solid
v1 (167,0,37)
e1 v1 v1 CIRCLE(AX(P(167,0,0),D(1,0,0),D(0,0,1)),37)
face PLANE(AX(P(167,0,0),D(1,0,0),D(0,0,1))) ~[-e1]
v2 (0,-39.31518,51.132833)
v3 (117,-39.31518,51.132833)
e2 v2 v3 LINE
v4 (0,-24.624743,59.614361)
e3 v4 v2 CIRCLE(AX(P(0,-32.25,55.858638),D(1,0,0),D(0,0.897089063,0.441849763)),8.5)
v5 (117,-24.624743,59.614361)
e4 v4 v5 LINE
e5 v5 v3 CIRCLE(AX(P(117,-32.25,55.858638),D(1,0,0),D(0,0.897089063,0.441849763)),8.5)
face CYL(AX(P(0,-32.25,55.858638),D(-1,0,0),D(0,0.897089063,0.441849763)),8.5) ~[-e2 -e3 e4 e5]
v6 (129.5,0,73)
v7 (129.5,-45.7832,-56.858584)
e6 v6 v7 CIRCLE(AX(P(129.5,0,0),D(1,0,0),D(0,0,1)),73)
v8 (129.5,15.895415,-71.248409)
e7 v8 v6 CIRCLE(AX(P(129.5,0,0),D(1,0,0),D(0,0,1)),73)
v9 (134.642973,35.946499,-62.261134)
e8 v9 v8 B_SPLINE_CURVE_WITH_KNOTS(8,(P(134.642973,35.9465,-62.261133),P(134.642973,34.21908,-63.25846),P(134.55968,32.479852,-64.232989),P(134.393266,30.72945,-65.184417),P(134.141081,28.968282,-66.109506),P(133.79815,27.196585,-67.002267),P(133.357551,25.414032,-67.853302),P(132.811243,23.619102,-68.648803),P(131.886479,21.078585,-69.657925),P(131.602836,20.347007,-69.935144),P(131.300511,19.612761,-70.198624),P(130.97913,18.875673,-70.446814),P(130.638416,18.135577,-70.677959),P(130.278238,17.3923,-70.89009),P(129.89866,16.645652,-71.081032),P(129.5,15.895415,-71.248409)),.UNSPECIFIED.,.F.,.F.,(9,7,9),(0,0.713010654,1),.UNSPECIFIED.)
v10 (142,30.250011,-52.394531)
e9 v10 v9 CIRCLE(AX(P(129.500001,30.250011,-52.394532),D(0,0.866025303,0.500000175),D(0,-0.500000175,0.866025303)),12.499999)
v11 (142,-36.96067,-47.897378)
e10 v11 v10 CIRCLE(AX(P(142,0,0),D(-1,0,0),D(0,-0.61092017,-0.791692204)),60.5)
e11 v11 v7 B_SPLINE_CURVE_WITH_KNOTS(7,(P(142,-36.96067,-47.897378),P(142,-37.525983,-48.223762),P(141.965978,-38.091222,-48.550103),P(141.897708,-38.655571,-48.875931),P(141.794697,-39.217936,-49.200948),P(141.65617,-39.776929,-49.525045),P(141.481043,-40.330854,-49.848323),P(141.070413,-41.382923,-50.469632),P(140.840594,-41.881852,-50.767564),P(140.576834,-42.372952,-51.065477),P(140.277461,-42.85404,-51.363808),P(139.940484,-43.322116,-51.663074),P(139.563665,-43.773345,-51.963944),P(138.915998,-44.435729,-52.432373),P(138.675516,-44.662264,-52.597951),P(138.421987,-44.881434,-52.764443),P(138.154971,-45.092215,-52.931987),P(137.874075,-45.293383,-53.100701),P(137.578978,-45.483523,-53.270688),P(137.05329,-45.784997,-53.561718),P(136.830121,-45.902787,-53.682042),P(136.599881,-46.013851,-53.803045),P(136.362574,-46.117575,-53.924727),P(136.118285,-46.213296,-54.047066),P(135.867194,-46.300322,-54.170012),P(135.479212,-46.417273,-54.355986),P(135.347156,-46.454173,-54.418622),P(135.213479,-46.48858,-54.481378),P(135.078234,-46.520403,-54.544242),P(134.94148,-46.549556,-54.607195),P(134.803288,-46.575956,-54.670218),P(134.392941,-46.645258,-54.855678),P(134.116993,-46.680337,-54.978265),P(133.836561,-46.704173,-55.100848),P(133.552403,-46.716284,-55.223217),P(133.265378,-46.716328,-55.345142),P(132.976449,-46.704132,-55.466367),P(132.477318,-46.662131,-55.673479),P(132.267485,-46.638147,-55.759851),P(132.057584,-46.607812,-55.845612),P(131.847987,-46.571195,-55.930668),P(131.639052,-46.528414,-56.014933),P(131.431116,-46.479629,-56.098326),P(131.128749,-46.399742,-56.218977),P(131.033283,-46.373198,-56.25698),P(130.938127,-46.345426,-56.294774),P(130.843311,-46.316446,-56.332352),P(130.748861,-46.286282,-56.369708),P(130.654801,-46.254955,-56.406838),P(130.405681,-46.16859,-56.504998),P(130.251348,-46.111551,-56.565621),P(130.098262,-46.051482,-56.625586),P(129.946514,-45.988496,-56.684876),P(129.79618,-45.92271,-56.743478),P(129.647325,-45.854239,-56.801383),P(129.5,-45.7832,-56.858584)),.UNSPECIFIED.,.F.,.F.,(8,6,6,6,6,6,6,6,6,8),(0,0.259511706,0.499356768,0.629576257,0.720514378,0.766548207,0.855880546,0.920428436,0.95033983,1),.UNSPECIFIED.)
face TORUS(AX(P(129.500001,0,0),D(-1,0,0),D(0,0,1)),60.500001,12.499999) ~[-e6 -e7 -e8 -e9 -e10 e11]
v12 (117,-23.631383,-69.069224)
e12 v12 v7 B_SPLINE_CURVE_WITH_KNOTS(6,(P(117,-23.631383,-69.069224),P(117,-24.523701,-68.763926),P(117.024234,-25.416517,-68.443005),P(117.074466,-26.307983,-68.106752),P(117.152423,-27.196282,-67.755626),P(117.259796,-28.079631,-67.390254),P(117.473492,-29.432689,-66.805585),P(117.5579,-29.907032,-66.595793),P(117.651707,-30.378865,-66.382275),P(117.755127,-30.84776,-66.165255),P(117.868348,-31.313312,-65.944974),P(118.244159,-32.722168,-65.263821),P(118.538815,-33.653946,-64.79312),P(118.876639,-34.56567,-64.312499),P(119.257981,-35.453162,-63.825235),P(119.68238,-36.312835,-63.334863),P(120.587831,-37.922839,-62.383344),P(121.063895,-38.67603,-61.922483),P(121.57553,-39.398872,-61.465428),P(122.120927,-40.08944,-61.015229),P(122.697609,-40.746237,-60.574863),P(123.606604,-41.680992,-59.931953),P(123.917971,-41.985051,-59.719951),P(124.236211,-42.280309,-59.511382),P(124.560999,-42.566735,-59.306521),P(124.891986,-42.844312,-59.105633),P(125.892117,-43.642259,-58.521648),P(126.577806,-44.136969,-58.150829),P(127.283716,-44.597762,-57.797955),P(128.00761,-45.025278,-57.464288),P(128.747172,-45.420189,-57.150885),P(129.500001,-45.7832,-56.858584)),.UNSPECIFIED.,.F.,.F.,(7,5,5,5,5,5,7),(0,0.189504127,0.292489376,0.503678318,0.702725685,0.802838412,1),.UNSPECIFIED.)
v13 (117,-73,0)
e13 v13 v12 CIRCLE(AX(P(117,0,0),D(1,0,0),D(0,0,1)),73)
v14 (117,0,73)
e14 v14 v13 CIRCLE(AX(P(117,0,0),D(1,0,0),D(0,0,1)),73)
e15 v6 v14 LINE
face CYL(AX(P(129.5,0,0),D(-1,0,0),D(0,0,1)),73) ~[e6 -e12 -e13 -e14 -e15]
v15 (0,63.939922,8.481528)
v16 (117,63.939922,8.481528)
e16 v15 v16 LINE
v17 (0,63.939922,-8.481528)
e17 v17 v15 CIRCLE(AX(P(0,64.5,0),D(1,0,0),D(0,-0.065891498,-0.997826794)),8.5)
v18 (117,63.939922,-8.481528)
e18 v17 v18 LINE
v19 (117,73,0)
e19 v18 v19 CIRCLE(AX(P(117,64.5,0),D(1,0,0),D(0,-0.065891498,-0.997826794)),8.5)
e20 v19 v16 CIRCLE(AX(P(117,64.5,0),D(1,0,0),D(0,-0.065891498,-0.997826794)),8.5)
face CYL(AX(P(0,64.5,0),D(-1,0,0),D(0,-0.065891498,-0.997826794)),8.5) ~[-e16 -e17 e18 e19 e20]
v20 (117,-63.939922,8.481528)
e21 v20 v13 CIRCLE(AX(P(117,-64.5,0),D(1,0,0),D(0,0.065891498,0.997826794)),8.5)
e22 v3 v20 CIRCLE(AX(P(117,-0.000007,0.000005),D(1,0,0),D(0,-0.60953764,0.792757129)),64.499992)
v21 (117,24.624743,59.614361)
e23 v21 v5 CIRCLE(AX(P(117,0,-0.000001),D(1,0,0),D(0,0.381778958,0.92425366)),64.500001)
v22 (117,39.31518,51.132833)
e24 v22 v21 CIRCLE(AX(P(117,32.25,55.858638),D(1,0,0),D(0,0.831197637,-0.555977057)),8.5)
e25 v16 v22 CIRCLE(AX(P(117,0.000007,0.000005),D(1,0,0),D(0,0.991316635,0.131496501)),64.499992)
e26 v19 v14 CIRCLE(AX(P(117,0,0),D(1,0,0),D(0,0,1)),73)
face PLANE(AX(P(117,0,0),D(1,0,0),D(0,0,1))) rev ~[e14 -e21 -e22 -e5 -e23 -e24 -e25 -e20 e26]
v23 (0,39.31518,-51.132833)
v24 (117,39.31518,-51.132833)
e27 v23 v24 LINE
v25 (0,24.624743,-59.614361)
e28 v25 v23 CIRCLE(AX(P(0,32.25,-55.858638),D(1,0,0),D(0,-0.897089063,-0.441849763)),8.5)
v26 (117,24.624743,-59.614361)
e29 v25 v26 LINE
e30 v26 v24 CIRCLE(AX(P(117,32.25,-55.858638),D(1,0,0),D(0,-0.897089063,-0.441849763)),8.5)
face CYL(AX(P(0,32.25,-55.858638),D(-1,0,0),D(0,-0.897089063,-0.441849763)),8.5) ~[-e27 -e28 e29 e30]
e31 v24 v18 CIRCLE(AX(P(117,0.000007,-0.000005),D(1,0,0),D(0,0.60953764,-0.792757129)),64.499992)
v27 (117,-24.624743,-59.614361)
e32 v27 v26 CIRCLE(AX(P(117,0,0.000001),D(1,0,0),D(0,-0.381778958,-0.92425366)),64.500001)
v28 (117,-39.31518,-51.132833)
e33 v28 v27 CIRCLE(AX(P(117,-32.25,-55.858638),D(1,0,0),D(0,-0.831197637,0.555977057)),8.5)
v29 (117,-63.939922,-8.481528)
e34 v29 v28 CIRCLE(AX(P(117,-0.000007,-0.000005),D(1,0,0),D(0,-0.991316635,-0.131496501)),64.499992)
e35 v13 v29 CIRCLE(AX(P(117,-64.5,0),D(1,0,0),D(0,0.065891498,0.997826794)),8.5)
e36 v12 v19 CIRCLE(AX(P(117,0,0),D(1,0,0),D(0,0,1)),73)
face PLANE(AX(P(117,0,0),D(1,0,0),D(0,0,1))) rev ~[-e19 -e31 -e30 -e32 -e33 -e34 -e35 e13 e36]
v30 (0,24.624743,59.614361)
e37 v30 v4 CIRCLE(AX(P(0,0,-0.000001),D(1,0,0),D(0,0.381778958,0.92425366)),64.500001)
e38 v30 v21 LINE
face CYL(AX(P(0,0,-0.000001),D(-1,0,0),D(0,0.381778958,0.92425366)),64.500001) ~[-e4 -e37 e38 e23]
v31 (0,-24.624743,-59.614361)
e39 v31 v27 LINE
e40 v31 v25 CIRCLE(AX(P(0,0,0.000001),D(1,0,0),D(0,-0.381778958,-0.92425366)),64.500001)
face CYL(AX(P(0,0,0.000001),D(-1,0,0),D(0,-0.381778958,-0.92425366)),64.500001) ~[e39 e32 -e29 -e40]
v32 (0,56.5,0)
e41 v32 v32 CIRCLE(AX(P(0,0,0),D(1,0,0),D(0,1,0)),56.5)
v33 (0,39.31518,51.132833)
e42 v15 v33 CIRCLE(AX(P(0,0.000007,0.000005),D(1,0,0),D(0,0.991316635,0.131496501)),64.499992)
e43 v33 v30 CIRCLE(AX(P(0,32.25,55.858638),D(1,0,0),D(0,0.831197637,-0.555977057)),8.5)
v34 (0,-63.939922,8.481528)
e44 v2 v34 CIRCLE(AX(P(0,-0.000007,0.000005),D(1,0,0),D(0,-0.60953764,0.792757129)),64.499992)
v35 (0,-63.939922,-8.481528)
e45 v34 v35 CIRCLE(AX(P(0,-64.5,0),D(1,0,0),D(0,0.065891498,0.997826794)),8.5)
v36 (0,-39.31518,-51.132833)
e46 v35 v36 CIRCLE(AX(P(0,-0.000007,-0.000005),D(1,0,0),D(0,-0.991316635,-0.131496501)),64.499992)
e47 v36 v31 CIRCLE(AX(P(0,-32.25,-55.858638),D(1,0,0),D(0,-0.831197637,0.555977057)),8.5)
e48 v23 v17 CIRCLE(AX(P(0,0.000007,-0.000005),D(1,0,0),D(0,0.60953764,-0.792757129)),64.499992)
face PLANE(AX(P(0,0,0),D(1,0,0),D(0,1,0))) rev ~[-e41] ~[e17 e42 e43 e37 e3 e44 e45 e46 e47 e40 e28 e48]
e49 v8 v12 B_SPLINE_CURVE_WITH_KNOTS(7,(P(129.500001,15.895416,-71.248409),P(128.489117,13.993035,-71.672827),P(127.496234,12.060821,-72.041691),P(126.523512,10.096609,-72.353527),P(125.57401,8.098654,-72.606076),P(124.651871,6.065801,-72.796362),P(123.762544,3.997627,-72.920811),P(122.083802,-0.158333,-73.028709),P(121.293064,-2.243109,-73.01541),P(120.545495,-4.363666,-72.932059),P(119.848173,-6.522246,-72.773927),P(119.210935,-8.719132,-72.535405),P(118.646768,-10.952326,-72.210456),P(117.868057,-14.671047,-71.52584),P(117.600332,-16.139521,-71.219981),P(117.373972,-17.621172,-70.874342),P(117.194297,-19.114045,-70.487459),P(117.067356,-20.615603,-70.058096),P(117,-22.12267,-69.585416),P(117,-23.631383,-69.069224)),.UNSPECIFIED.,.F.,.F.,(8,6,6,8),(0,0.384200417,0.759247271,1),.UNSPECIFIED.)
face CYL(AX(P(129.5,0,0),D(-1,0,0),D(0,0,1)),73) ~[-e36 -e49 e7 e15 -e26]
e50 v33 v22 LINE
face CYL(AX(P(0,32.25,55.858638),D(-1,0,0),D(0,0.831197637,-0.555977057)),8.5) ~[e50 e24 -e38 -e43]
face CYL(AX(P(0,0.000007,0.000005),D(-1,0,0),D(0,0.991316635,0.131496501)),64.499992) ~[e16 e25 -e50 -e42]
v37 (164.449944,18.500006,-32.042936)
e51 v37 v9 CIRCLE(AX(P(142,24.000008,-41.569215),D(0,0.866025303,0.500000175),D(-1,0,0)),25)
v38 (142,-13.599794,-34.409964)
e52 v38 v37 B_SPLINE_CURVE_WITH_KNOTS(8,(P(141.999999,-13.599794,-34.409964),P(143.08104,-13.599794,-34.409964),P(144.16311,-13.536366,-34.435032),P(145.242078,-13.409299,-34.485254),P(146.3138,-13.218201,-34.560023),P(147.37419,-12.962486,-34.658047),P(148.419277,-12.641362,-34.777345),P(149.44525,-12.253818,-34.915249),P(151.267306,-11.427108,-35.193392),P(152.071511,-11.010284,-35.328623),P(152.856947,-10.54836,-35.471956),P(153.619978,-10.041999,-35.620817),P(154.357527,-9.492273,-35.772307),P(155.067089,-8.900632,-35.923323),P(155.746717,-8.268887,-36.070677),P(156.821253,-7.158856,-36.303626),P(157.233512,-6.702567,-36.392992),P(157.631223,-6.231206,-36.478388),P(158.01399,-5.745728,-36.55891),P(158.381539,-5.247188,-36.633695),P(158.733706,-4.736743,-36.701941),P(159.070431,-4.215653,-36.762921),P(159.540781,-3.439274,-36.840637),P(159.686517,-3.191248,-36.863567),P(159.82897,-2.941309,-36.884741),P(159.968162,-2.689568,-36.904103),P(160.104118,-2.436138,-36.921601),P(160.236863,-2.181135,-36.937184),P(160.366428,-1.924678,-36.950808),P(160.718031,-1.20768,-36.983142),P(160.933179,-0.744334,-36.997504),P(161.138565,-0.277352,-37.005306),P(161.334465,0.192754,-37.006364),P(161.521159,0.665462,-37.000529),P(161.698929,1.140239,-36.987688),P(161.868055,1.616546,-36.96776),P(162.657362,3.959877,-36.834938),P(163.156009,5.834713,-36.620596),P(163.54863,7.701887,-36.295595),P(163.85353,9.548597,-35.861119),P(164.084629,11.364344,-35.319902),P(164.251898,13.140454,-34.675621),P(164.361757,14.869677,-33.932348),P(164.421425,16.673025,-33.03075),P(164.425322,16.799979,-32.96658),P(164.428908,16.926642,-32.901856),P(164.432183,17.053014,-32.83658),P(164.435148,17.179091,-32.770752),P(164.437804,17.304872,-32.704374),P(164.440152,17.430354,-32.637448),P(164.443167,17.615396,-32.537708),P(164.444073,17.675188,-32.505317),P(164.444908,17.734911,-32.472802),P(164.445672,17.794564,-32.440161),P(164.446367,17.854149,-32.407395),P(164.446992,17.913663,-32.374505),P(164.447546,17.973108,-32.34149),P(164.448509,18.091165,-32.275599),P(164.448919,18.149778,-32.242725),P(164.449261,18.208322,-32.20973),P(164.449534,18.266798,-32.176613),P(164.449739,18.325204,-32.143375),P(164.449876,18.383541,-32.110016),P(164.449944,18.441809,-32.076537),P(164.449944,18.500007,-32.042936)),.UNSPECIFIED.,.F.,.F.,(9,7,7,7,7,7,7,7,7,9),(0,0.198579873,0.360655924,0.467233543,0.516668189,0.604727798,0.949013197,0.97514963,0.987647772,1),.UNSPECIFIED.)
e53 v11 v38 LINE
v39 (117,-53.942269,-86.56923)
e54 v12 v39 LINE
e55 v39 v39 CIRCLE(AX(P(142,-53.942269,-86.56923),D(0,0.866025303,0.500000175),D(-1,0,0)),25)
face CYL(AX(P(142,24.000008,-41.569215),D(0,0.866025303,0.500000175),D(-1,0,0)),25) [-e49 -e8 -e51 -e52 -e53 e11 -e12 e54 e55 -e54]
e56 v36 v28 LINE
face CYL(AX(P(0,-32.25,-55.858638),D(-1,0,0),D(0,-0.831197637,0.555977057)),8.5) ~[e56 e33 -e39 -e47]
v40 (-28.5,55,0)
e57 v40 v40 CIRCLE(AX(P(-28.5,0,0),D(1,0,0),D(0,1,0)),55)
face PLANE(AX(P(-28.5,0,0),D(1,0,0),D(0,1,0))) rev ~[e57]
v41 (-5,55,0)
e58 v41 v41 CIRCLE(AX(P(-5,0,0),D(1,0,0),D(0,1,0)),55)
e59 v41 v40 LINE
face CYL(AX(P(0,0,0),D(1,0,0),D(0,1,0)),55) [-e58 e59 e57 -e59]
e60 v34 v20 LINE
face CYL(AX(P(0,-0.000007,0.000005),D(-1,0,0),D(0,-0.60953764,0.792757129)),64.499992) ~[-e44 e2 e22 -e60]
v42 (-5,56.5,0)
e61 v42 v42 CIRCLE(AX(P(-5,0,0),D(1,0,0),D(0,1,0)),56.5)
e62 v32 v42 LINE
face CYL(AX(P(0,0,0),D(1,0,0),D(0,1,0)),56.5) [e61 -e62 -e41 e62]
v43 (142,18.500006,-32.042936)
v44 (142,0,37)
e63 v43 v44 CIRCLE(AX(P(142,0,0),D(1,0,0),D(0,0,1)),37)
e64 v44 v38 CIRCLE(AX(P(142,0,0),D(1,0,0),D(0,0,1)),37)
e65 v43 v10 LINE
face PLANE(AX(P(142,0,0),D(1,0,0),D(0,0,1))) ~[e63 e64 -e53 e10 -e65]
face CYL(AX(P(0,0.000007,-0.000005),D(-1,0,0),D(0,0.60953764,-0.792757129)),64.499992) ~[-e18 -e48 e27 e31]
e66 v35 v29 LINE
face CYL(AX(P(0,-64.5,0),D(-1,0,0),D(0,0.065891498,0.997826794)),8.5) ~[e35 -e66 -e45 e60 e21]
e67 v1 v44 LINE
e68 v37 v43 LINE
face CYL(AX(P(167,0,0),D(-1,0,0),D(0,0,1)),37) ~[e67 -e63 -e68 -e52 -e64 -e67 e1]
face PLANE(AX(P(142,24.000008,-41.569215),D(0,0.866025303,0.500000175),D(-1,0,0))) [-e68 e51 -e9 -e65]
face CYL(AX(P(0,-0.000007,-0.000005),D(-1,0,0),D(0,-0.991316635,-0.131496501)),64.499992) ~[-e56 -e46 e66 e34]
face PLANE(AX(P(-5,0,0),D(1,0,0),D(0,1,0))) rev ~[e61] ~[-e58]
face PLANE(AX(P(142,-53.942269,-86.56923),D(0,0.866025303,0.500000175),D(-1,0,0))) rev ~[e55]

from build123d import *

# Parameters (mm, degrees)
F0_R      = 56.5
F1_DEPTH  = 5
F2_R      = 55
F3_DEPTH  = 28.5
F5_DEPTH  = 117
F9_R      = 25
F10_DEPTH = 90


with BuildPart() as f1:
    # F0 (on Right) → F1 (new body)
    with BuildSketch(Plane.YZ):
        Circle(F0_R)
    extrude(amount=-F1_DEPTH)

    # F2 (on face) → F3 (join)
    with BuildSketch(Plane.YZ):
        Circle(F2_R)
    extrude(amount=-F3_DEPTH)

    # F4 (on Right) → F5 (join)
    with BuildSketch(Plane.YZ):
        with BuildLine():
            ThreePointArc((39.31518, 51.132833), (36.5, 63.219854), (24.624743, 59.614361))
            ThreePointArc((24.624743, 59.614361), (0, 64.5), (-24.624743, 59.614361))
            ThreePointArc((-24.624743, 59.614361), (-36.5, 63.219854), (-39.31518, 51.132833))
            ThreePointArc((-39.31518, 51.132833), (-55.858639, 32.25), (-63.939922, 8.481528))
            ThreePointArc((-63.939922, 8.481528), (-73, 0), (-63.939922, -8.481528))
            ThreePointArc((-63.939922, -8.481528), (-55.858639, -32.25), (-39.31518, -51.132833))
            ThreePointArc((-39.31518, -51.132833), (-36.5, -63.219854), (-24.624743, -59.614361))
            ThreePointArc((-24.624743, -59.614361), (0, -64.5), (24.624743, -59.614361))
            ThreePointArc((24.624743, -59.614361), (36.5, -63.219854), (39.31518, -51.132833))
            ThreePointArc((39.31518, -51.132833), (55.858639, -32.25), (63.939922, -8.481528))
            ThreePointArc((63.939922, -8.481528), (73, 0), (63.939922, 8.481528))
            ThreePointArc((63.939922, 8.481528), (55.858639, 32.25), (39.31518, 51.132833))
        make_face()
    extrude(amount=F5_DEPTH)

    # F6 (on Front) → F7 (revolve)
    with BuildSketch(Plane.XZ):
        with BuildLine():
            Line((142, 37), (142, 60.5))
            ThreePointArc((142, 60.5), (138.338835, 69.338835), (129.5, 73))
            Line((129.5, 73), (117, 73))
            Line((117, 73), (117, 0))
            Line((117, 0), (167, 0))
            Line((167, 0), (167, 37))
            Line((167, 37), (142, 37))
        make_face()
    revolve(axis=Axis((80.947809, 0, 0), (1, 0, 0)))

    # F9 (on face) → F10 (join)
    with BuildSketch(Plane(origin=(0, 0, 0), x_dir=(-1, 0, 0), z_dir=(0, 0.866025, 0.5))):
        with Locations((-142, -48)):
            Circle(F9_R)
    extrude(amount=-F10_DEPTH)


solid = f1.part
